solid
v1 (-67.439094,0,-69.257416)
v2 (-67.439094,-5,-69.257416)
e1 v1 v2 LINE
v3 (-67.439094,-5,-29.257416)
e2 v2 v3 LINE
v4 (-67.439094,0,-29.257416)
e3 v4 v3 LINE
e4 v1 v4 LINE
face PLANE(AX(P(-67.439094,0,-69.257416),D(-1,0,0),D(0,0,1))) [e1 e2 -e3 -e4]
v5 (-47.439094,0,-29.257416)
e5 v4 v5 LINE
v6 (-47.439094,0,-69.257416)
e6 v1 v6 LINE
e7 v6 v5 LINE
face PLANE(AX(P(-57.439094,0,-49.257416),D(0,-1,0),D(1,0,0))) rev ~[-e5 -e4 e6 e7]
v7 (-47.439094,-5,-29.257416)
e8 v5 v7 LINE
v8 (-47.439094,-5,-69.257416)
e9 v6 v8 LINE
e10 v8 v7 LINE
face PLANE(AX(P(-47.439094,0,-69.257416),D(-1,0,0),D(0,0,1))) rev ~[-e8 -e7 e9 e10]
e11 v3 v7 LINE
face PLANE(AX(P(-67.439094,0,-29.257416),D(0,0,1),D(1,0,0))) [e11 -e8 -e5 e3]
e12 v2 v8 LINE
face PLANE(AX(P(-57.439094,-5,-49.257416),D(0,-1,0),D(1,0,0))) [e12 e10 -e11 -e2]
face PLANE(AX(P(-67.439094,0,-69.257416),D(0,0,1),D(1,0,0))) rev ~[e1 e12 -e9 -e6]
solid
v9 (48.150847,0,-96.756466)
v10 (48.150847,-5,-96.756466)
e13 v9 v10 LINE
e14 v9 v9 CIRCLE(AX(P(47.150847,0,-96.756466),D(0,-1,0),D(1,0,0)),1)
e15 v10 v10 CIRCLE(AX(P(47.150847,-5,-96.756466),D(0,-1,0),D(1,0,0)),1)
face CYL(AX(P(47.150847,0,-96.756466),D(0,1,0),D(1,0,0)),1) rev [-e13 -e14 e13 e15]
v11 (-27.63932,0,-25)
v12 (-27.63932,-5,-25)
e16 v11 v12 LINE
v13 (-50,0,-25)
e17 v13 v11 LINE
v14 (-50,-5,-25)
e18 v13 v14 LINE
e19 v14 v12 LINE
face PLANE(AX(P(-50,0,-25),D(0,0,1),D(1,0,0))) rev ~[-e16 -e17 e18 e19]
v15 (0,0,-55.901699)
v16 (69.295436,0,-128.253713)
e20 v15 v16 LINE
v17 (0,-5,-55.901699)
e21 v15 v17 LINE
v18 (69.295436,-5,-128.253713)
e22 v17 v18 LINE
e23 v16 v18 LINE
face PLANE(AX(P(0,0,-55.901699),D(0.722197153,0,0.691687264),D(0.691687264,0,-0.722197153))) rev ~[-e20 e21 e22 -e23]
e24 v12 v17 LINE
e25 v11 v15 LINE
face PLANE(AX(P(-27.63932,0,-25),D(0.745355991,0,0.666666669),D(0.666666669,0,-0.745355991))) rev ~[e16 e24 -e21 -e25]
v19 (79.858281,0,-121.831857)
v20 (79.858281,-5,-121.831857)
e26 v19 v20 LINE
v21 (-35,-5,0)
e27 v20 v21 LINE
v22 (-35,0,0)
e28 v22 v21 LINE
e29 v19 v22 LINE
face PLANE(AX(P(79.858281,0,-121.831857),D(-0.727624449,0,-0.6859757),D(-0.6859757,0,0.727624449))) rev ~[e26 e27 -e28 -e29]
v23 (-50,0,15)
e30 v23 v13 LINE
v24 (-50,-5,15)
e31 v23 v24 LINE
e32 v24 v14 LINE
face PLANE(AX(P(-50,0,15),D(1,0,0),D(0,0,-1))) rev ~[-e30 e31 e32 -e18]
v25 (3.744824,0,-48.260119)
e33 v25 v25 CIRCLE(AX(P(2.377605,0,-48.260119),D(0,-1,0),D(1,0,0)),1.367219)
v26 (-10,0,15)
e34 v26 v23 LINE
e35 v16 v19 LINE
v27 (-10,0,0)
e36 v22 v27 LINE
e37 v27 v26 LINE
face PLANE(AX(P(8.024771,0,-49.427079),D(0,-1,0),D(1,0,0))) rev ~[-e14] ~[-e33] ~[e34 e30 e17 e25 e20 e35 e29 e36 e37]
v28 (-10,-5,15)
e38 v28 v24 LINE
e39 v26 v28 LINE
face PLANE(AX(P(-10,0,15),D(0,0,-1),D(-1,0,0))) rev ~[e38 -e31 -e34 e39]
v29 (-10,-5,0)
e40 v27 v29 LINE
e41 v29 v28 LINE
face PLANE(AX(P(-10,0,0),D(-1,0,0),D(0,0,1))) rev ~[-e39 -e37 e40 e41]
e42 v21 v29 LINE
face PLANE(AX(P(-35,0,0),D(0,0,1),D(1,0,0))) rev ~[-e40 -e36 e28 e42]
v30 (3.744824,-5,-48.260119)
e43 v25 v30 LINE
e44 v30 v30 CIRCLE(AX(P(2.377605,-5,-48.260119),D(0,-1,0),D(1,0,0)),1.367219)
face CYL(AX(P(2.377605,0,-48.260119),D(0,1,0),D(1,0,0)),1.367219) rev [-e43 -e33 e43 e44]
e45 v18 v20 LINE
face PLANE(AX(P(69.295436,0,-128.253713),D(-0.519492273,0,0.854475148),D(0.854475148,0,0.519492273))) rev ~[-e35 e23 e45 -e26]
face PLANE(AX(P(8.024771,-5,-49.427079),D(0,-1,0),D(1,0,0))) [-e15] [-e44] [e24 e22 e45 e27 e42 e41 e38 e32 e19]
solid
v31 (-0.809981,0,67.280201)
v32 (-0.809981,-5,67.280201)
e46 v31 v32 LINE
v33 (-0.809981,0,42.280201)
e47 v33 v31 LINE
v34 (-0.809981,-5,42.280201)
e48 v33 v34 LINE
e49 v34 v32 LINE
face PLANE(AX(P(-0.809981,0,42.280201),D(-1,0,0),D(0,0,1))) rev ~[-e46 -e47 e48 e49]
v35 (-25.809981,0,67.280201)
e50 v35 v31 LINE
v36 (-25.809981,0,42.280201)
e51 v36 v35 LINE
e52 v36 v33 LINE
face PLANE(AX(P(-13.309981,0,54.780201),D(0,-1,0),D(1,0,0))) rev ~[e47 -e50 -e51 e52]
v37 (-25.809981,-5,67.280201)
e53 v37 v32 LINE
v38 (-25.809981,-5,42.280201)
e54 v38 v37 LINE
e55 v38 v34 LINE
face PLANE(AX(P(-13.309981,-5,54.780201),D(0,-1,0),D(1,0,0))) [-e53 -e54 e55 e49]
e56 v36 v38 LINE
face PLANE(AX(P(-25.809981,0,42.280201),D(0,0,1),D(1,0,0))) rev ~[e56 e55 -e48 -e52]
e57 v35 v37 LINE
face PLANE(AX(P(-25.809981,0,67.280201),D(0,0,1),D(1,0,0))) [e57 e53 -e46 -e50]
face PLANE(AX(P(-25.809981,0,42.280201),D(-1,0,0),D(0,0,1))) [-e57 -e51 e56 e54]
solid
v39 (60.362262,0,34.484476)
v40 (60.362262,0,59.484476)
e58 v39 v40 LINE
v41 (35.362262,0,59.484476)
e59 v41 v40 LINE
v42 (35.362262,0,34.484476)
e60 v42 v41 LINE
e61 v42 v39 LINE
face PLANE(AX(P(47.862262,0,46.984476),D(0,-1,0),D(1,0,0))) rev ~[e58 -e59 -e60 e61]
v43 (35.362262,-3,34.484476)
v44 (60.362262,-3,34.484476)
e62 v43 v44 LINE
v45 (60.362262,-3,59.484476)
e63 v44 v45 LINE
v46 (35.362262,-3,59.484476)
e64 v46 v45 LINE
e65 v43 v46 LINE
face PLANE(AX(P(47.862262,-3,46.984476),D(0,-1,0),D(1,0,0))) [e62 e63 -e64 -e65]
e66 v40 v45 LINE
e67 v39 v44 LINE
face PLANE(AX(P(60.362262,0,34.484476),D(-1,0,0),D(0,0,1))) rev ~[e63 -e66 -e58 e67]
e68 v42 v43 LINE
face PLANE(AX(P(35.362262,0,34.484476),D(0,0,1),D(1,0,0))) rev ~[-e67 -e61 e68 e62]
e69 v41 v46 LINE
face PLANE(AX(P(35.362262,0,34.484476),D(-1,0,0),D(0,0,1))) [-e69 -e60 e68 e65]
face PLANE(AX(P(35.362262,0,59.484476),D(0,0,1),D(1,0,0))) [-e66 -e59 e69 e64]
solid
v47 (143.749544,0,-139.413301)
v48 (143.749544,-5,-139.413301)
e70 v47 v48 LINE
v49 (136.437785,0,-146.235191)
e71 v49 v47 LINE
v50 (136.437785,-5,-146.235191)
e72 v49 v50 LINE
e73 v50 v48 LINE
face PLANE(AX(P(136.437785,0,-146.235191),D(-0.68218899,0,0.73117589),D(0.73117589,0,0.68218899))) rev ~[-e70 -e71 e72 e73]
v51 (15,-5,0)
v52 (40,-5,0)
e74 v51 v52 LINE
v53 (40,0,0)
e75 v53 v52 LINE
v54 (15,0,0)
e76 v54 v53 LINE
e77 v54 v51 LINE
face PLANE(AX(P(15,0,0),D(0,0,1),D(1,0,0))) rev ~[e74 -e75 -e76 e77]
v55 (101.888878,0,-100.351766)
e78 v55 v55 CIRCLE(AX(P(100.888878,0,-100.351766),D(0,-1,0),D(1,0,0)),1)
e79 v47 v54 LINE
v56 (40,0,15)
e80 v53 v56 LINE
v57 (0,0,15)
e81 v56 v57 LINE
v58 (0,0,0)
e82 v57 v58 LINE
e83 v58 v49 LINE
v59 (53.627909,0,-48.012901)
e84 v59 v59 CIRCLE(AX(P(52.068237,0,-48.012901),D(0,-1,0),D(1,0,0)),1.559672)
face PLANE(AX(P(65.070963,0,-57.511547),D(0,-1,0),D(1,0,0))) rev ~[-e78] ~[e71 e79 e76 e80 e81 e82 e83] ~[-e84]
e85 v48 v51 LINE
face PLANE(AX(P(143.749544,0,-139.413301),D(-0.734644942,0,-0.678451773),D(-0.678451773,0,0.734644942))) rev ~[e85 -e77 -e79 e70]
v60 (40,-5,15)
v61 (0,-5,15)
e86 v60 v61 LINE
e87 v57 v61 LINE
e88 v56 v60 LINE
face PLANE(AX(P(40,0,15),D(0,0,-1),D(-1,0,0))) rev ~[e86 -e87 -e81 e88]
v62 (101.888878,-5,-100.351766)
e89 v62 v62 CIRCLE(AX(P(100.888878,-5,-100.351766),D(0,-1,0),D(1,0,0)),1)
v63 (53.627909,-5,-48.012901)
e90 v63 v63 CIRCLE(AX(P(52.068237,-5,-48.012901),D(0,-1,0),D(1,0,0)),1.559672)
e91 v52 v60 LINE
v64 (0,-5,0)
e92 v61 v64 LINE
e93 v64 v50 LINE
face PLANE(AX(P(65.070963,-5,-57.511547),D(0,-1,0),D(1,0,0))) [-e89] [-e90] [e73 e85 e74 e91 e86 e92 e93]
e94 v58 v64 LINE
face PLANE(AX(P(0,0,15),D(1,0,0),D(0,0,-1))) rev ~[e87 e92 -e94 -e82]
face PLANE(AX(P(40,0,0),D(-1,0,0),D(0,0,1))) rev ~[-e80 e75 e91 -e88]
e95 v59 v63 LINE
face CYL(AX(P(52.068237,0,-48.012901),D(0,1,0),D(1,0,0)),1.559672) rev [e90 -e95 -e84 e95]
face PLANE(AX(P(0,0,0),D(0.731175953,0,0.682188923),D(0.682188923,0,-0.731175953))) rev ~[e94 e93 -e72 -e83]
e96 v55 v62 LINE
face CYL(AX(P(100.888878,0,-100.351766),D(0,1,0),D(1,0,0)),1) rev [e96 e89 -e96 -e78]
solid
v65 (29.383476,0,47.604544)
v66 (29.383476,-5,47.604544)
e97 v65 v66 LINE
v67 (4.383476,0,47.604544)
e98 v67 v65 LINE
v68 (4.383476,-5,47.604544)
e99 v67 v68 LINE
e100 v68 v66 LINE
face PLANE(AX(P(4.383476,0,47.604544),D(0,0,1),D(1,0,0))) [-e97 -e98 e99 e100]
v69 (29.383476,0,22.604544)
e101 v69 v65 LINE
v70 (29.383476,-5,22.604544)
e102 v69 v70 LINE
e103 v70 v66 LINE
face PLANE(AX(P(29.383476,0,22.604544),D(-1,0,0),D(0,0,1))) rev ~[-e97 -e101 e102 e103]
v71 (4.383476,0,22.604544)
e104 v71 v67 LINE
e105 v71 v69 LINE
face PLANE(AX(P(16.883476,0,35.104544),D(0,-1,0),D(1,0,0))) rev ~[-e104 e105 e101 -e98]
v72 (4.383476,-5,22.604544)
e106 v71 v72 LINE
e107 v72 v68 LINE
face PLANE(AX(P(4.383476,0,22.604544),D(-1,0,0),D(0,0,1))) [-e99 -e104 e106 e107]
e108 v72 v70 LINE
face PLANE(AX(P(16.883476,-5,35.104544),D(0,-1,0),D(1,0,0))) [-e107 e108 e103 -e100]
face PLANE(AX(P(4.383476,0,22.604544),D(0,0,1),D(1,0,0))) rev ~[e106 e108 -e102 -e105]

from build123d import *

# Parameters (mm, degrees)
F1_R      = 1
F1_R_2    = 1.367219
F2_DEPTH  = 5
F0_R      = 1
F0_R_2    = 1.559672
F3_DEPTH  = 5
F4_W      = 25
F4_H      = 25
F5_DEPTH  = 3
F6_W      = 25
F6_H      = 25
F7_DEPTH  = 5
F8_W      = 25
F8_H      = 25
F9_DEPTH  = 5
F10_W     = 20
F10_H     = 40
F11_DEPTH = 5


with BuildPart() as f2:
    # F1 (on Front) → F2 (new body)
    with BuildSketch(Plane.XZ):
        Polygon((-35, 0), (-10, 0), (-10, 15), (-50, 15), (-50, 0), (-27.63932, -25), (0, -55.901699), (69.295436, -128.253713), (79.858281, -121.831857), align=None)
        with Locations((47.150847, -96.756466)):
            Circle(F1_R, mode=Mode.SUBTRACT)
        with Locations((2.377605, -48.260119)):
            Circle(F1_R_2, mode=Mode.SUBTRACT)
        Polygon((-27.63932, -25), (-50, 0), (-50, -25), align=None)
    extrude(amount=F2_DEPTH)


with BuildPart() as f3:
    # F0 (on Front) → F3 (new body)
    with BuildSketch(Plane.XZ):
        Polygon((0, 15), (0, 0), (136.437785, -146.235191), (143.749544, -139.413301), (15, 0), (40, 0), (40, 15), align=None)
        with Locations((100.888878, -100.351766)):
            Circle(F0_R, mode=Mode.SUBTRACT)
        with Locations((52.068237, -48.012901)):
            Circle(F0_R_2, mode=Mode.SUBTRACT)
    extrude(amount=F3_DEPTH)


with BuildPart() as f5:
    # F4 (on Front) → F5 (new body)
    with BuildSketch(Plane.XZ):
        with Locations((47.862262, 46.984476)):
            Rectangle(F4_W, F4_H)
    extrude(amount=F5_DEPTH)


with BuildPart() as f7:
    # F6 (on Front) → F7 (new body)
    with BuildSketch(Plane.XZ):
        with Locations((-13.309981, 54.780201)):
            Rectangle(F6_W, F6_H)
    extrude(amount=F7_DEPTH)


with BuildPart() as f9:
    # F8 (on Front) → F9 (new body)
    with BuildSketch(Plane.XZ):
        with Locations((16.883476, 35.104544)):
            Rectangle(F8_W, F8_H)
    extrude(amount=F9_DEPTH)


with BuildPart() as f11:
    # F10 (on Front) → F11 (new body)
    with BuildSketch(Plane.XZ):
        with Locations((-57.439094, -49.257416)):
            Rectangle(F10_W, F10_H)
    extrude(amount=F11_DEPTH)


solid = Compound([f2.part, f3.part, f5.part, f7.part, f9.part, f11.part])
